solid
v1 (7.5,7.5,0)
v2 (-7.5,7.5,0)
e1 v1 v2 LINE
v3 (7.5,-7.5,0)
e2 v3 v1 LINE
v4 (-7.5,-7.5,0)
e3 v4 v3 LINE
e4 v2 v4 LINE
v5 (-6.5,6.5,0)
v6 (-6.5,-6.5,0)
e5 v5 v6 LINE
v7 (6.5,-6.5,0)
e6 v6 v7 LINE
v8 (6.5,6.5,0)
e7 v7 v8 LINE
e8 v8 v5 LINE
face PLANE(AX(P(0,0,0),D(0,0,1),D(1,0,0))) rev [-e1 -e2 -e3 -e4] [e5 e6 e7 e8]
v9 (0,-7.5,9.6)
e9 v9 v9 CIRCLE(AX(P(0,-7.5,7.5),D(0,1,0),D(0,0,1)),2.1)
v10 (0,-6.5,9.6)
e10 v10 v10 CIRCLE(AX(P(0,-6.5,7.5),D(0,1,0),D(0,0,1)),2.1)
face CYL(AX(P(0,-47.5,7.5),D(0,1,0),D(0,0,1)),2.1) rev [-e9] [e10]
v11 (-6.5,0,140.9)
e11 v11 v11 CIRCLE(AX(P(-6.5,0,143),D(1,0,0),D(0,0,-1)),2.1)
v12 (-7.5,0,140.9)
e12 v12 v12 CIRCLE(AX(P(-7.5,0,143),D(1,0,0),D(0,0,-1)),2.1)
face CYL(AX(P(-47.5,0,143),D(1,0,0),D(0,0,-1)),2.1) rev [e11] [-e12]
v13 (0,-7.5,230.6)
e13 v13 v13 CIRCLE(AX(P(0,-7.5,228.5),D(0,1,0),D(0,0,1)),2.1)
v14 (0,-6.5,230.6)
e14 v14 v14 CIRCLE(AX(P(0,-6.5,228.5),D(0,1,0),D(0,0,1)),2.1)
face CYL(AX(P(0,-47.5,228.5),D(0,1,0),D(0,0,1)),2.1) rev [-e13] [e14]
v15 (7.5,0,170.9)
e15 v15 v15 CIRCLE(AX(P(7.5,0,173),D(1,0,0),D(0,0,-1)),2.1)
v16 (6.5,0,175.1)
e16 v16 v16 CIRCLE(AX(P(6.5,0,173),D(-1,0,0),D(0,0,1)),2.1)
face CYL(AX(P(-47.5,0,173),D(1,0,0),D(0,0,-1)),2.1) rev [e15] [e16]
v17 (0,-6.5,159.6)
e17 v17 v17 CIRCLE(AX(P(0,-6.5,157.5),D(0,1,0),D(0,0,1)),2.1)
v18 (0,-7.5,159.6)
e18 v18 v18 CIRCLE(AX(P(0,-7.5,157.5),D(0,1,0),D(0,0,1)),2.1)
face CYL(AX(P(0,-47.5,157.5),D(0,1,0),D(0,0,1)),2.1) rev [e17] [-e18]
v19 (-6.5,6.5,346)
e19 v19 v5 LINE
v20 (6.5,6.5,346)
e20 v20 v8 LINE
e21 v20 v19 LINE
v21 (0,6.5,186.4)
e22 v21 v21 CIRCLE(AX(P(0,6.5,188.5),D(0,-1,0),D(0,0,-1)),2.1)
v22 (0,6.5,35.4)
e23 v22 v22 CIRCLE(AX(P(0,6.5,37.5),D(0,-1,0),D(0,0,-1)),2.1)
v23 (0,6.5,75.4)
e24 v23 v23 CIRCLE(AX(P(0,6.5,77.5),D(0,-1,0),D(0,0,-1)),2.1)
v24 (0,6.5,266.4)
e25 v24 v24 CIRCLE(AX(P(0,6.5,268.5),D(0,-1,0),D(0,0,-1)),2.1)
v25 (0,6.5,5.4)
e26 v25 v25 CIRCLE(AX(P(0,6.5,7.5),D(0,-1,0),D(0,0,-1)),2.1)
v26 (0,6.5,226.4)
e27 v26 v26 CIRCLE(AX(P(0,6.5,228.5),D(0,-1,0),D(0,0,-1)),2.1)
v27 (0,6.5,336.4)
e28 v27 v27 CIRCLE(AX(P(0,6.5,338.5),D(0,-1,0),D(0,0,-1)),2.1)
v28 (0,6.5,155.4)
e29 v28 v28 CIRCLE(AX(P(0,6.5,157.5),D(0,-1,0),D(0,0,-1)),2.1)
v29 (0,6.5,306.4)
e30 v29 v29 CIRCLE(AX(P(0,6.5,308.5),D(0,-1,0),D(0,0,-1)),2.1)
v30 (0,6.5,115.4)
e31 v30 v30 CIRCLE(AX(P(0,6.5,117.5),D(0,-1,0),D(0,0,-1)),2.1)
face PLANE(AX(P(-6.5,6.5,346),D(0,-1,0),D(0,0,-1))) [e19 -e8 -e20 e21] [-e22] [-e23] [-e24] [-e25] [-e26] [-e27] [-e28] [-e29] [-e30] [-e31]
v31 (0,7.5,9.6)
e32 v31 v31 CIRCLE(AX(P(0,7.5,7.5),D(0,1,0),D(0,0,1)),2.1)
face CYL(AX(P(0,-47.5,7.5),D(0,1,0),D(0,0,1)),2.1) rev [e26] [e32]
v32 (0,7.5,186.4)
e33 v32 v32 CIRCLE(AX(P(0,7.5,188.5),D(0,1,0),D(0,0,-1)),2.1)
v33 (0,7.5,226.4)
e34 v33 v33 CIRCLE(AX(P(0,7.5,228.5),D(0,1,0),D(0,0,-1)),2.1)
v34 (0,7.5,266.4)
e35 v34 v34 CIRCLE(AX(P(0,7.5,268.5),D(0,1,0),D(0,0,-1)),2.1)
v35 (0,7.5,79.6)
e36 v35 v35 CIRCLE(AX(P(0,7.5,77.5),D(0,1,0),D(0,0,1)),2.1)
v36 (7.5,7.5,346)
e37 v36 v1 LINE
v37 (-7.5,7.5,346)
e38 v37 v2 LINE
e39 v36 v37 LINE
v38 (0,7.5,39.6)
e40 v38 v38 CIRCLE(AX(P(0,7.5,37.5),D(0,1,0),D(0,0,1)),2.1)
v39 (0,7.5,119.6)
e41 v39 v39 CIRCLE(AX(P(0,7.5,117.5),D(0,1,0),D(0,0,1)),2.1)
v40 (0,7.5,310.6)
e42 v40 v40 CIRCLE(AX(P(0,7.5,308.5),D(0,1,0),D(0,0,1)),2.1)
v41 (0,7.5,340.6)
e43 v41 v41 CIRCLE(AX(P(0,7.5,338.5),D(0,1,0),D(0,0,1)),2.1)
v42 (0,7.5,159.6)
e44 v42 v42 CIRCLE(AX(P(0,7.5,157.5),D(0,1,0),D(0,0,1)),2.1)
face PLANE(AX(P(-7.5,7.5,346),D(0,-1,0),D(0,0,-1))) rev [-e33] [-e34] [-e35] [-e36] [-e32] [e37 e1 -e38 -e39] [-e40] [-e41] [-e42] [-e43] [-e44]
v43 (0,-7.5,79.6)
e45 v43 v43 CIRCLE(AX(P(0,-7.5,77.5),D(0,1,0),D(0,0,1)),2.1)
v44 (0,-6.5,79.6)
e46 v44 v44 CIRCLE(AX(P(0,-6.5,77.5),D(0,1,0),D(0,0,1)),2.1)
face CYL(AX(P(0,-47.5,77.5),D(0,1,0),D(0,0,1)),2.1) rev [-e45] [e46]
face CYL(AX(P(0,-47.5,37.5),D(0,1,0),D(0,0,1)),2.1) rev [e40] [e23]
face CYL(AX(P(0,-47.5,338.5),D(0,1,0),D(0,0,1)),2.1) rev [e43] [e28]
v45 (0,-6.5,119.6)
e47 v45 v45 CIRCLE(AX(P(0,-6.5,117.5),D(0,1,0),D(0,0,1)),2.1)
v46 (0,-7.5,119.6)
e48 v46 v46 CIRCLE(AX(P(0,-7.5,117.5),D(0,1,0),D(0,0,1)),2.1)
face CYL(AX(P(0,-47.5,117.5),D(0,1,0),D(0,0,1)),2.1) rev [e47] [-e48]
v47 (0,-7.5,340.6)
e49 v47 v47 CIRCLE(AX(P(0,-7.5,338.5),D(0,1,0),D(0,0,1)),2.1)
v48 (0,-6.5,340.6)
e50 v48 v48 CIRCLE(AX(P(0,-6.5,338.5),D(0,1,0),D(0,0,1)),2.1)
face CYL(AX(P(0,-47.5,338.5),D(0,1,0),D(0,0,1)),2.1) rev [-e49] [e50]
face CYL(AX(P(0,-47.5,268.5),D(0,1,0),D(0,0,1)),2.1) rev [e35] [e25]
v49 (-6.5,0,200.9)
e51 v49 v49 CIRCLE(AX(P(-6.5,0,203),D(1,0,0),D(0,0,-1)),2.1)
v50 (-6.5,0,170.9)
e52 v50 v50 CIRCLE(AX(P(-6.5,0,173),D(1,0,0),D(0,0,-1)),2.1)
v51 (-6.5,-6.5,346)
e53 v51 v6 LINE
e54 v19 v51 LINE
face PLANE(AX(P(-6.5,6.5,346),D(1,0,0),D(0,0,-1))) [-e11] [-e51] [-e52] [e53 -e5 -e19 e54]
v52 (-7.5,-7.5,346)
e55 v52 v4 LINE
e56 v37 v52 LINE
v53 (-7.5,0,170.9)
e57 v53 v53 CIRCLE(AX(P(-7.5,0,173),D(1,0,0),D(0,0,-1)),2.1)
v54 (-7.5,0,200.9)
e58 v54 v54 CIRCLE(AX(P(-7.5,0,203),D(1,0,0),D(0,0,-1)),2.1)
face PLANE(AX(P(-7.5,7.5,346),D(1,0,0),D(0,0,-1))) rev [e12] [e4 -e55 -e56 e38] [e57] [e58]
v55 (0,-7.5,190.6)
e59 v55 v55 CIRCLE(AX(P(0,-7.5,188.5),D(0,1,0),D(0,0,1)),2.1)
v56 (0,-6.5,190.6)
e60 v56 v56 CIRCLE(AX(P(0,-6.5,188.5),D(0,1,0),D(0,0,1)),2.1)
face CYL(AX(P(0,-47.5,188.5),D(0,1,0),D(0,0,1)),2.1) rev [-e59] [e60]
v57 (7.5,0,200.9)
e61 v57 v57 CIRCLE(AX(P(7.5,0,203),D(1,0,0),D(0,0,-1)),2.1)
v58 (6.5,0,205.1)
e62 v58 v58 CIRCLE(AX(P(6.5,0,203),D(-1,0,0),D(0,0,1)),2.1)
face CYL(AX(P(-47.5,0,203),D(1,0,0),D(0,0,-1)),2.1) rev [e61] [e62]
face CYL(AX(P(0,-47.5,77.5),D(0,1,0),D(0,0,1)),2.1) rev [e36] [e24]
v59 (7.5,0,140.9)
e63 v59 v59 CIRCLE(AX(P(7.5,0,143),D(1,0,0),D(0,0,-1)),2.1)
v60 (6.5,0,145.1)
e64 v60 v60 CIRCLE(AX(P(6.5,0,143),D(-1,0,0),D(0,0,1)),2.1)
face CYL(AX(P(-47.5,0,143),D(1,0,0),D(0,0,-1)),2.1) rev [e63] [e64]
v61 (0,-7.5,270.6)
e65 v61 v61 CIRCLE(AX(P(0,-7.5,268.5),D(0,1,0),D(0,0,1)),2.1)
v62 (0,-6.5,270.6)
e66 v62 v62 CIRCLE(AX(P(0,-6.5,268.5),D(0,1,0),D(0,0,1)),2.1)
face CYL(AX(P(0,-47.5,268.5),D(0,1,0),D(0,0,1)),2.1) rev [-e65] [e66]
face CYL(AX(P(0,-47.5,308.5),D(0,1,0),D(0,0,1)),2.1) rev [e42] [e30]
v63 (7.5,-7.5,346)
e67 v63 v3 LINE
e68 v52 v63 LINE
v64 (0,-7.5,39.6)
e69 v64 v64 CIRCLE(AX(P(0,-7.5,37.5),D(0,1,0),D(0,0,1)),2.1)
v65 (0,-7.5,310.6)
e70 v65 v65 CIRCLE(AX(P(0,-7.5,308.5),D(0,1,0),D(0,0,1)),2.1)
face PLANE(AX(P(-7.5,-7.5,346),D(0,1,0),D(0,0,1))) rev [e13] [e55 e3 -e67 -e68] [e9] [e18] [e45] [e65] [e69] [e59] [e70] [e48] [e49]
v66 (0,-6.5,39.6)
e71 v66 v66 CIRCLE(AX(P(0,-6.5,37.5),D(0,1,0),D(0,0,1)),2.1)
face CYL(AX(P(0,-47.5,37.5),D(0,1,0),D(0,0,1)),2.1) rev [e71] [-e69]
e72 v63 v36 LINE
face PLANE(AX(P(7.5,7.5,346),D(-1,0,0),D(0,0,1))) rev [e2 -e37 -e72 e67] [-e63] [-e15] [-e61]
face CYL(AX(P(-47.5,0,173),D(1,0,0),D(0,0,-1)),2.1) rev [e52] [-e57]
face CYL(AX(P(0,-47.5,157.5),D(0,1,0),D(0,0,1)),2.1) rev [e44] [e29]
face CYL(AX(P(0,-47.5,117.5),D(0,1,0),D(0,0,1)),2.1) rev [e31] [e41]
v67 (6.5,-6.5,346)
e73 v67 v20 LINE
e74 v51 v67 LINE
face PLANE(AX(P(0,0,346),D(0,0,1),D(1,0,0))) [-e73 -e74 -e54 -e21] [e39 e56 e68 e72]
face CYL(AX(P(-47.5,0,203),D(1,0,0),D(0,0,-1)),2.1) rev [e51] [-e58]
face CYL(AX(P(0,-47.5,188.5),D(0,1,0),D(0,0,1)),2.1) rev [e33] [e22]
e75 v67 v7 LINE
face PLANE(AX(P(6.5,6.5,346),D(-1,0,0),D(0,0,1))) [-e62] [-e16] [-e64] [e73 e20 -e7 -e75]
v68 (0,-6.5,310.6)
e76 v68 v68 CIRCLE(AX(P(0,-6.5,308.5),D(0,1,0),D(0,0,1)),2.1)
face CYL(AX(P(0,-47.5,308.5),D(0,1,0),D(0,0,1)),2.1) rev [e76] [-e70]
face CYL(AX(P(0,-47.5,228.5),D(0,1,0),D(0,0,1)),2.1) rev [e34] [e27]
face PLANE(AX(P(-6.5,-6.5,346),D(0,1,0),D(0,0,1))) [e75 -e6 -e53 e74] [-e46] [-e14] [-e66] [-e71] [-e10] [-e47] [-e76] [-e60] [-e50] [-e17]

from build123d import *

# Parameters (mm, degrees)
SKETCH_1_W          = 15
SKETCH_1_H          = 15
SKETCH_1_W_2        = 13
SKETCH_1_H_2        = 13
EXTRUDE_1_DEPTH     = 346
SKETCH_3_R          = 2.1
CUT_EXTRUDE_2_DEPTH = 55
SKETCH_4_R          = 2.1
CUT_EXTRUDE_3_DEPTH = 55


with BuildPart() as part:
    # 草图1 → 凸台-拉伸1 (new body)
    with BuildSketch(Plane.XY):
        Rectangle(SKETCH_1_W, SKETCH_1_H)
        Rectangle(SKETCH_1_W_2, SKETCH_1_H_2, mode=Mode.SUBTRACT)
    extrude(amount=EXTRUDE_1_DEPTH)

    # 草图3 → 切除-拉伸2 (cut)
    with BuildSketch(Plane(origin=(0, 7.5, 0), x_dir=(1, 0, 0), z_dir=(0, 1, 0))):
        with Locations(Location((0, -338.5, 0), (0, 0, 270))):
            Circle(SKETCH_3_R)
        with Locations(Location((0, -7.5, 0), (0, 0, 270))):
            Circle(SKETCH_3_R)
        with Locations(Location((0, -37.5, 0), (0, 0, 270))):
            Circle(SKETCH_3_R)
        with Locations(Location((0, -308.5, 0), (0, 0, 270))):
            Circle(SKETCH_3_R)
        with Locations(Location((0, -77.5, 0), (0, 0, 270))):
            Circle(SKETCH_3_R)
        with Locations(Location((0, -117.5, 0), (0, 0, 270))):
            Circle(SKETCH_3_R)
        with Locations(Location((0, -228.5, 0), (0, 0, 270))):
            Circle(SKETCH_3_R)
        with Locations(Location((0, -268.5, 0), (0, 0, 270))):
            Circle(SKETCH_3_R)
        with Locations(Location((0, -157.5, 0), (0, 0, 270))):
            Circle(SKETCH_3_R)
        with Locations(Location((0, -188.5, 0), (0, 0, 270))):
            Circle(SKETCH_3_R)
    extrude(amount=-CUT_EXTRUDE_2_DEPTH, mode=Mode.SUBTRACT)

    # 草图4 → 切除-拉伸3 (cut)
    with BuildSketch(Plane(origin=(7.5, 0, 0), x_dir=(0, 0, -1), z_dir=(1, 0, 0))):
        with Locations((-173, 0)):
            Circle(SKETCH_4_R)
        with Locations((-203, 0)):
            Circle(SKETCH_4_R)
        with Locations((-143, 0)):
            Circle(SKETCH_4_R)
    extrude(amount=-CUT_EXTRUDE_3_DEPTH, mode=Mode.SUBTRACT)


solid = part.part
